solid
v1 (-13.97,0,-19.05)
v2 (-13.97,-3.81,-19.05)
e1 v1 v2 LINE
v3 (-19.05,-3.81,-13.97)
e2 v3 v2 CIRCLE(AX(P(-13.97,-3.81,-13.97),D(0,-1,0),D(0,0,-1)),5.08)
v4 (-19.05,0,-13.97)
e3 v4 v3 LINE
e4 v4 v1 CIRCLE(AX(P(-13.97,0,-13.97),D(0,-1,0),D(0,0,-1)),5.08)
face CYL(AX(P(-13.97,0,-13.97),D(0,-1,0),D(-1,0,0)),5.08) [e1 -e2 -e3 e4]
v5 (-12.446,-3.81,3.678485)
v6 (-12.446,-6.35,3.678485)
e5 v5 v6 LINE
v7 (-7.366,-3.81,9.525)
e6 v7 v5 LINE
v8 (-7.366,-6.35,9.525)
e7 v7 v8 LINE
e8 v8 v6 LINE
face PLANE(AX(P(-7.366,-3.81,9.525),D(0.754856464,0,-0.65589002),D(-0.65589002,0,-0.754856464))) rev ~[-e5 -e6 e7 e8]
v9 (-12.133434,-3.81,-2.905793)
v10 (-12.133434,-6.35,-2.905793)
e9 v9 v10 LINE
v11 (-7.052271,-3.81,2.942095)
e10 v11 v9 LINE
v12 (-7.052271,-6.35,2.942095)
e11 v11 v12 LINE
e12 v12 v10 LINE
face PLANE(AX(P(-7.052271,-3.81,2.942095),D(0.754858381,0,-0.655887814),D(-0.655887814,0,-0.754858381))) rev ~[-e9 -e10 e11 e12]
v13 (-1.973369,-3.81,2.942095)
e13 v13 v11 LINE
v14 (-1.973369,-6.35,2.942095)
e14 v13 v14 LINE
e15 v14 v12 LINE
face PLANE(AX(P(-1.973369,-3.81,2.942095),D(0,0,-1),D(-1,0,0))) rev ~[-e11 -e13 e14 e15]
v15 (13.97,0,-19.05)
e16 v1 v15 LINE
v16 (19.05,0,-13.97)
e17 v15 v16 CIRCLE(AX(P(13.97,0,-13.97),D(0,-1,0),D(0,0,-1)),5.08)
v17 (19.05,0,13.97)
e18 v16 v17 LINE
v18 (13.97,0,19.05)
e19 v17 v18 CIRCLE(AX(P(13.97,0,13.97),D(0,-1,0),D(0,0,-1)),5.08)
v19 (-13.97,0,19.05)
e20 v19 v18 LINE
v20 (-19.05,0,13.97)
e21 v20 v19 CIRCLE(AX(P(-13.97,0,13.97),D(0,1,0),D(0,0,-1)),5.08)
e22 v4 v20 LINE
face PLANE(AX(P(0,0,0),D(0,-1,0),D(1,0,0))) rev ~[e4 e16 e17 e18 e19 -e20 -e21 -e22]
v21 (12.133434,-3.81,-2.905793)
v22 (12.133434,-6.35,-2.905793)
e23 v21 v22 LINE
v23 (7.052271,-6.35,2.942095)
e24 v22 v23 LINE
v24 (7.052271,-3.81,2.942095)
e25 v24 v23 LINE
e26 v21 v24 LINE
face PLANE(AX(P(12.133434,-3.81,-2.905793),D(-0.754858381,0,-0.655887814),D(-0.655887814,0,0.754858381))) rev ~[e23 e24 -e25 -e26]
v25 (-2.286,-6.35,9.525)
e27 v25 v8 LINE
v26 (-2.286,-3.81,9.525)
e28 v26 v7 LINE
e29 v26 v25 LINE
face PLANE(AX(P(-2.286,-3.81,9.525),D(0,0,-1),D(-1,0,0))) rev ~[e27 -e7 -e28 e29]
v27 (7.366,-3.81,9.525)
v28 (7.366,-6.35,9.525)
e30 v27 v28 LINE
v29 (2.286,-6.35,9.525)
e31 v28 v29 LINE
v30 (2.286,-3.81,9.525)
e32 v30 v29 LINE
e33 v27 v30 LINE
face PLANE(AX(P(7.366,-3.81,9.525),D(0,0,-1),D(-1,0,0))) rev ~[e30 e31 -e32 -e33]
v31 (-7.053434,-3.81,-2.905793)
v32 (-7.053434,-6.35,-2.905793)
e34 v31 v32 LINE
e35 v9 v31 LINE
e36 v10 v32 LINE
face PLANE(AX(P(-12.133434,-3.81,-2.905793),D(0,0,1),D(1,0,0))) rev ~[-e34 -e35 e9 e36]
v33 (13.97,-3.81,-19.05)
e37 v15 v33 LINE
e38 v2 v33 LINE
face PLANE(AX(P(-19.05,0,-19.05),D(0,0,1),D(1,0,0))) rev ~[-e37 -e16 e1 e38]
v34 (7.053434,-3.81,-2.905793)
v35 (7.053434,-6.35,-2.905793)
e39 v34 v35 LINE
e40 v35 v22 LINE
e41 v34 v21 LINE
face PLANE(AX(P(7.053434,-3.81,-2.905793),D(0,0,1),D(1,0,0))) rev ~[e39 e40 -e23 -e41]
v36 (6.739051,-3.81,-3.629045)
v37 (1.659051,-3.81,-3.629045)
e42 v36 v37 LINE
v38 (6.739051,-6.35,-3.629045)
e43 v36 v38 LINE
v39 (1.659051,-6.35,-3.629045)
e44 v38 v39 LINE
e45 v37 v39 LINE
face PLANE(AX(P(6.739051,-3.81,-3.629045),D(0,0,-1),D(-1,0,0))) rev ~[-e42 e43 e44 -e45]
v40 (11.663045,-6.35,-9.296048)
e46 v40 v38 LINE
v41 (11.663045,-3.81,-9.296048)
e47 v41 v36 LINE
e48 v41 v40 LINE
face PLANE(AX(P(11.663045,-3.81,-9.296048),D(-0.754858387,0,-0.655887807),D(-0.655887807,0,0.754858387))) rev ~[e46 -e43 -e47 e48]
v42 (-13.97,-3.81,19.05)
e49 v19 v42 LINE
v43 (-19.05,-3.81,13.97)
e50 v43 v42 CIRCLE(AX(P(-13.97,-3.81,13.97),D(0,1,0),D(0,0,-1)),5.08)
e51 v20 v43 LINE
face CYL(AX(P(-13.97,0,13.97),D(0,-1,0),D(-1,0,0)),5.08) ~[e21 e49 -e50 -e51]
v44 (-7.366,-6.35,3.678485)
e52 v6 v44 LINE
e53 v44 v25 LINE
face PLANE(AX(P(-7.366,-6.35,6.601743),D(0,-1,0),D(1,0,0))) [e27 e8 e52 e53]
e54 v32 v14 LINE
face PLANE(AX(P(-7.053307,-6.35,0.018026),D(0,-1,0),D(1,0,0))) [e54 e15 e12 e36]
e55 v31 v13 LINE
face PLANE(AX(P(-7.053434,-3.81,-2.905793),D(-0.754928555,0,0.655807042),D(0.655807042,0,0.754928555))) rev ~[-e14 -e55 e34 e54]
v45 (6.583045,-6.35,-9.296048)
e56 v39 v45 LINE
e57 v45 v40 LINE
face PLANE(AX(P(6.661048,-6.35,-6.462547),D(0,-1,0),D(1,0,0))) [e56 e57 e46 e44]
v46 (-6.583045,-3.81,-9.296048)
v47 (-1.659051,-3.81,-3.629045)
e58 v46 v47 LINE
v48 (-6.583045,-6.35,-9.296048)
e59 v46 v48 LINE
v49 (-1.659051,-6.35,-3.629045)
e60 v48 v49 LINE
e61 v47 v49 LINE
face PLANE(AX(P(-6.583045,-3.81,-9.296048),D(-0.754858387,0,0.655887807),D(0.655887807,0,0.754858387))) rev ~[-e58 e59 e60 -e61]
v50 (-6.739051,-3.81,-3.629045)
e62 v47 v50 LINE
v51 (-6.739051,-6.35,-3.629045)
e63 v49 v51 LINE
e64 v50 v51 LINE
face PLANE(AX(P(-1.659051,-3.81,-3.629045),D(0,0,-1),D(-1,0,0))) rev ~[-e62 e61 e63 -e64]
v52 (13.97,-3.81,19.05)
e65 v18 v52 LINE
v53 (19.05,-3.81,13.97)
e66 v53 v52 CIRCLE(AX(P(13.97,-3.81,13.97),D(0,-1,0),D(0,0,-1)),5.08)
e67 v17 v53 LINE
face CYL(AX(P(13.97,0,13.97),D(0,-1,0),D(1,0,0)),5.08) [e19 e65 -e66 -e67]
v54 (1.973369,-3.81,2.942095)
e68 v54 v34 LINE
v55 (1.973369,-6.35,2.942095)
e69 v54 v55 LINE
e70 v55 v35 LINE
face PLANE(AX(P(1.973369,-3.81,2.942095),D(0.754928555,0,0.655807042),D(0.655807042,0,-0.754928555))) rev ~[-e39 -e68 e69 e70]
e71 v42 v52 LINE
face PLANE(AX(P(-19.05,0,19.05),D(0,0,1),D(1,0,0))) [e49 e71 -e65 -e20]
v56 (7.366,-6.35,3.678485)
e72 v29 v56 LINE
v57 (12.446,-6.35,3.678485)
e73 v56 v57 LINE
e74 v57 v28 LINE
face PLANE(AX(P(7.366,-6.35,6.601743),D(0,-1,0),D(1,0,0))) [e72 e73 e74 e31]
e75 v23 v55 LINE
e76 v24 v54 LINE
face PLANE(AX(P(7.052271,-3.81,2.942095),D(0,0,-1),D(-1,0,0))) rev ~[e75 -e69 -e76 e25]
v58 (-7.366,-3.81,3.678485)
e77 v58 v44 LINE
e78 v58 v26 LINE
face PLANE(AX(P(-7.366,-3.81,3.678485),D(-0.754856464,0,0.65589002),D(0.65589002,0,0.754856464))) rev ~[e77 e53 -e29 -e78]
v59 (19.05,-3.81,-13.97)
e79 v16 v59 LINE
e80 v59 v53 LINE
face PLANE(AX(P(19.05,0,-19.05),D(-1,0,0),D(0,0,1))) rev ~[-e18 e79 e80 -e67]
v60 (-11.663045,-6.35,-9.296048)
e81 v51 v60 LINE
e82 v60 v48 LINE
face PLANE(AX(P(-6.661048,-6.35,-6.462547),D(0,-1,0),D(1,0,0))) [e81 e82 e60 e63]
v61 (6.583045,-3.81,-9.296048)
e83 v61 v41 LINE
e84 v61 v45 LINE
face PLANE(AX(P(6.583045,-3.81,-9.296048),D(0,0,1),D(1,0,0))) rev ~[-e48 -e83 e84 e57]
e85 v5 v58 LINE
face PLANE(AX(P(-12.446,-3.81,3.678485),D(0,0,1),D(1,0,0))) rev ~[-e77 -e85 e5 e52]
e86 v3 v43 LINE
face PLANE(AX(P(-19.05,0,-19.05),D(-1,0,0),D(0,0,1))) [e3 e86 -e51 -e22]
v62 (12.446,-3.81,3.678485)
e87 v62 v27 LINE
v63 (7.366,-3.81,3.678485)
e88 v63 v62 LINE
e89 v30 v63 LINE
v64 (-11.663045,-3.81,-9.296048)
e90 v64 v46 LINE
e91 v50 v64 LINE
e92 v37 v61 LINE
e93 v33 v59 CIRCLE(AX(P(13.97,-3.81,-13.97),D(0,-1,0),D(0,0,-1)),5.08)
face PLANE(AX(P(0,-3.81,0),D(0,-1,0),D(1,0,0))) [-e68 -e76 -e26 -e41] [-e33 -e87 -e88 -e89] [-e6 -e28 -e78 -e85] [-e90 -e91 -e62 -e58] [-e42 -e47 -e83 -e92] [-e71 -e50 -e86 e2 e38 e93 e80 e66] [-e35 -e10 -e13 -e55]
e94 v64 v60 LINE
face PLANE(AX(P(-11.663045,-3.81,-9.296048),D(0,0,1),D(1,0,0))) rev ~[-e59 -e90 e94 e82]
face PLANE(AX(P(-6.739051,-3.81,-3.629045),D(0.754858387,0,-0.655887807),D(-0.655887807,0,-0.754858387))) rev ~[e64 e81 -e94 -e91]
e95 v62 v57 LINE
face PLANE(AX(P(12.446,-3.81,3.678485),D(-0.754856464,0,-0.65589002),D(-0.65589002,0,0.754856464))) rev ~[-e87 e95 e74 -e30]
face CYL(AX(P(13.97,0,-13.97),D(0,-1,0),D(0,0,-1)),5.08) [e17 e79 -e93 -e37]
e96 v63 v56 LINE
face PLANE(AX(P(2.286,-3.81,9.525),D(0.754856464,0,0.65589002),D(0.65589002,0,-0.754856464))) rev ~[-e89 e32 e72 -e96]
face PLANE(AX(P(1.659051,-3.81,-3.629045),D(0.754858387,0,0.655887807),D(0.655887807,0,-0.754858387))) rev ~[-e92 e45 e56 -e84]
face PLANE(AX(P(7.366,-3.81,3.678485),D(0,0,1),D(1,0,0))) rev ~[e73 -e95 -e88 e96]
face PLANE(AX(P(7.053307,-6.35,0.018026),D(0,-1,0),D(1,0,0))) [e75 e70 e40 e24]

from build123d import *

# Parameters (mm, degrees)
F0_W     = 38.1
F0_H     = 38.1
F1_DEPTH = 3.81
F2_R     = 5.08
F4_DEPTH = 2.54


with BuildPart() as f1:
    # F0 (on Front) → F1 (new body)
    with BuildSketch(Plane.XZ):
        Rectangle(F0_W, F0_H)
    extrude(amount=F1_DEPTH)

    # F2
    f2_edges = [f1.edges().sort_by_distance(p)[0] for p in [
        (19.05, -1.905, 19.05),
        (-19.05, -1.905, 19.05),
        (-19.05, -1.905, -19.05),
        (19.05, -1.905, -19.05),
    ]]
    fillet(f2_edges, radius=F2_R)

    # F3 (on face) → F4 (join)
    with BuildSketch(Plane.XZ.offset(3.81)):
        Polygon((-7.366, 3.678485), (-2.286, 9.525), (-7.366, 9.525), (-12.446, 3.678485), align=None)
        Polygon((-1.973369, 2.942095), (-7.052271, 2.942095), (-12.133434, -2.905793), (-7.053434, -2.905793), align=None)
        Polygon((-1.659051, -3.629045), (-6.739051, -3.629045), (-11.663045, -9.296048), (-6.583045, -9.296048), align=None)
        Polygon((11.663045, -9.296048), (6.739051, -3.629045), (1.659051, -3.629045), (6.583045, -9.296048), align=None)
        Polygon((12.133434, -2.905793), (7.052271, 2.942095), (1.973369, 2.942095), (7.053434, -2.905793), align=None)
        Polygon((2.286, 9.525), (7.366, 3.678485), (12.446, 3.678485), (7.366, 9.525), align=None)
    extrude(amount=F4_DEPTH)


solid = f1.part
